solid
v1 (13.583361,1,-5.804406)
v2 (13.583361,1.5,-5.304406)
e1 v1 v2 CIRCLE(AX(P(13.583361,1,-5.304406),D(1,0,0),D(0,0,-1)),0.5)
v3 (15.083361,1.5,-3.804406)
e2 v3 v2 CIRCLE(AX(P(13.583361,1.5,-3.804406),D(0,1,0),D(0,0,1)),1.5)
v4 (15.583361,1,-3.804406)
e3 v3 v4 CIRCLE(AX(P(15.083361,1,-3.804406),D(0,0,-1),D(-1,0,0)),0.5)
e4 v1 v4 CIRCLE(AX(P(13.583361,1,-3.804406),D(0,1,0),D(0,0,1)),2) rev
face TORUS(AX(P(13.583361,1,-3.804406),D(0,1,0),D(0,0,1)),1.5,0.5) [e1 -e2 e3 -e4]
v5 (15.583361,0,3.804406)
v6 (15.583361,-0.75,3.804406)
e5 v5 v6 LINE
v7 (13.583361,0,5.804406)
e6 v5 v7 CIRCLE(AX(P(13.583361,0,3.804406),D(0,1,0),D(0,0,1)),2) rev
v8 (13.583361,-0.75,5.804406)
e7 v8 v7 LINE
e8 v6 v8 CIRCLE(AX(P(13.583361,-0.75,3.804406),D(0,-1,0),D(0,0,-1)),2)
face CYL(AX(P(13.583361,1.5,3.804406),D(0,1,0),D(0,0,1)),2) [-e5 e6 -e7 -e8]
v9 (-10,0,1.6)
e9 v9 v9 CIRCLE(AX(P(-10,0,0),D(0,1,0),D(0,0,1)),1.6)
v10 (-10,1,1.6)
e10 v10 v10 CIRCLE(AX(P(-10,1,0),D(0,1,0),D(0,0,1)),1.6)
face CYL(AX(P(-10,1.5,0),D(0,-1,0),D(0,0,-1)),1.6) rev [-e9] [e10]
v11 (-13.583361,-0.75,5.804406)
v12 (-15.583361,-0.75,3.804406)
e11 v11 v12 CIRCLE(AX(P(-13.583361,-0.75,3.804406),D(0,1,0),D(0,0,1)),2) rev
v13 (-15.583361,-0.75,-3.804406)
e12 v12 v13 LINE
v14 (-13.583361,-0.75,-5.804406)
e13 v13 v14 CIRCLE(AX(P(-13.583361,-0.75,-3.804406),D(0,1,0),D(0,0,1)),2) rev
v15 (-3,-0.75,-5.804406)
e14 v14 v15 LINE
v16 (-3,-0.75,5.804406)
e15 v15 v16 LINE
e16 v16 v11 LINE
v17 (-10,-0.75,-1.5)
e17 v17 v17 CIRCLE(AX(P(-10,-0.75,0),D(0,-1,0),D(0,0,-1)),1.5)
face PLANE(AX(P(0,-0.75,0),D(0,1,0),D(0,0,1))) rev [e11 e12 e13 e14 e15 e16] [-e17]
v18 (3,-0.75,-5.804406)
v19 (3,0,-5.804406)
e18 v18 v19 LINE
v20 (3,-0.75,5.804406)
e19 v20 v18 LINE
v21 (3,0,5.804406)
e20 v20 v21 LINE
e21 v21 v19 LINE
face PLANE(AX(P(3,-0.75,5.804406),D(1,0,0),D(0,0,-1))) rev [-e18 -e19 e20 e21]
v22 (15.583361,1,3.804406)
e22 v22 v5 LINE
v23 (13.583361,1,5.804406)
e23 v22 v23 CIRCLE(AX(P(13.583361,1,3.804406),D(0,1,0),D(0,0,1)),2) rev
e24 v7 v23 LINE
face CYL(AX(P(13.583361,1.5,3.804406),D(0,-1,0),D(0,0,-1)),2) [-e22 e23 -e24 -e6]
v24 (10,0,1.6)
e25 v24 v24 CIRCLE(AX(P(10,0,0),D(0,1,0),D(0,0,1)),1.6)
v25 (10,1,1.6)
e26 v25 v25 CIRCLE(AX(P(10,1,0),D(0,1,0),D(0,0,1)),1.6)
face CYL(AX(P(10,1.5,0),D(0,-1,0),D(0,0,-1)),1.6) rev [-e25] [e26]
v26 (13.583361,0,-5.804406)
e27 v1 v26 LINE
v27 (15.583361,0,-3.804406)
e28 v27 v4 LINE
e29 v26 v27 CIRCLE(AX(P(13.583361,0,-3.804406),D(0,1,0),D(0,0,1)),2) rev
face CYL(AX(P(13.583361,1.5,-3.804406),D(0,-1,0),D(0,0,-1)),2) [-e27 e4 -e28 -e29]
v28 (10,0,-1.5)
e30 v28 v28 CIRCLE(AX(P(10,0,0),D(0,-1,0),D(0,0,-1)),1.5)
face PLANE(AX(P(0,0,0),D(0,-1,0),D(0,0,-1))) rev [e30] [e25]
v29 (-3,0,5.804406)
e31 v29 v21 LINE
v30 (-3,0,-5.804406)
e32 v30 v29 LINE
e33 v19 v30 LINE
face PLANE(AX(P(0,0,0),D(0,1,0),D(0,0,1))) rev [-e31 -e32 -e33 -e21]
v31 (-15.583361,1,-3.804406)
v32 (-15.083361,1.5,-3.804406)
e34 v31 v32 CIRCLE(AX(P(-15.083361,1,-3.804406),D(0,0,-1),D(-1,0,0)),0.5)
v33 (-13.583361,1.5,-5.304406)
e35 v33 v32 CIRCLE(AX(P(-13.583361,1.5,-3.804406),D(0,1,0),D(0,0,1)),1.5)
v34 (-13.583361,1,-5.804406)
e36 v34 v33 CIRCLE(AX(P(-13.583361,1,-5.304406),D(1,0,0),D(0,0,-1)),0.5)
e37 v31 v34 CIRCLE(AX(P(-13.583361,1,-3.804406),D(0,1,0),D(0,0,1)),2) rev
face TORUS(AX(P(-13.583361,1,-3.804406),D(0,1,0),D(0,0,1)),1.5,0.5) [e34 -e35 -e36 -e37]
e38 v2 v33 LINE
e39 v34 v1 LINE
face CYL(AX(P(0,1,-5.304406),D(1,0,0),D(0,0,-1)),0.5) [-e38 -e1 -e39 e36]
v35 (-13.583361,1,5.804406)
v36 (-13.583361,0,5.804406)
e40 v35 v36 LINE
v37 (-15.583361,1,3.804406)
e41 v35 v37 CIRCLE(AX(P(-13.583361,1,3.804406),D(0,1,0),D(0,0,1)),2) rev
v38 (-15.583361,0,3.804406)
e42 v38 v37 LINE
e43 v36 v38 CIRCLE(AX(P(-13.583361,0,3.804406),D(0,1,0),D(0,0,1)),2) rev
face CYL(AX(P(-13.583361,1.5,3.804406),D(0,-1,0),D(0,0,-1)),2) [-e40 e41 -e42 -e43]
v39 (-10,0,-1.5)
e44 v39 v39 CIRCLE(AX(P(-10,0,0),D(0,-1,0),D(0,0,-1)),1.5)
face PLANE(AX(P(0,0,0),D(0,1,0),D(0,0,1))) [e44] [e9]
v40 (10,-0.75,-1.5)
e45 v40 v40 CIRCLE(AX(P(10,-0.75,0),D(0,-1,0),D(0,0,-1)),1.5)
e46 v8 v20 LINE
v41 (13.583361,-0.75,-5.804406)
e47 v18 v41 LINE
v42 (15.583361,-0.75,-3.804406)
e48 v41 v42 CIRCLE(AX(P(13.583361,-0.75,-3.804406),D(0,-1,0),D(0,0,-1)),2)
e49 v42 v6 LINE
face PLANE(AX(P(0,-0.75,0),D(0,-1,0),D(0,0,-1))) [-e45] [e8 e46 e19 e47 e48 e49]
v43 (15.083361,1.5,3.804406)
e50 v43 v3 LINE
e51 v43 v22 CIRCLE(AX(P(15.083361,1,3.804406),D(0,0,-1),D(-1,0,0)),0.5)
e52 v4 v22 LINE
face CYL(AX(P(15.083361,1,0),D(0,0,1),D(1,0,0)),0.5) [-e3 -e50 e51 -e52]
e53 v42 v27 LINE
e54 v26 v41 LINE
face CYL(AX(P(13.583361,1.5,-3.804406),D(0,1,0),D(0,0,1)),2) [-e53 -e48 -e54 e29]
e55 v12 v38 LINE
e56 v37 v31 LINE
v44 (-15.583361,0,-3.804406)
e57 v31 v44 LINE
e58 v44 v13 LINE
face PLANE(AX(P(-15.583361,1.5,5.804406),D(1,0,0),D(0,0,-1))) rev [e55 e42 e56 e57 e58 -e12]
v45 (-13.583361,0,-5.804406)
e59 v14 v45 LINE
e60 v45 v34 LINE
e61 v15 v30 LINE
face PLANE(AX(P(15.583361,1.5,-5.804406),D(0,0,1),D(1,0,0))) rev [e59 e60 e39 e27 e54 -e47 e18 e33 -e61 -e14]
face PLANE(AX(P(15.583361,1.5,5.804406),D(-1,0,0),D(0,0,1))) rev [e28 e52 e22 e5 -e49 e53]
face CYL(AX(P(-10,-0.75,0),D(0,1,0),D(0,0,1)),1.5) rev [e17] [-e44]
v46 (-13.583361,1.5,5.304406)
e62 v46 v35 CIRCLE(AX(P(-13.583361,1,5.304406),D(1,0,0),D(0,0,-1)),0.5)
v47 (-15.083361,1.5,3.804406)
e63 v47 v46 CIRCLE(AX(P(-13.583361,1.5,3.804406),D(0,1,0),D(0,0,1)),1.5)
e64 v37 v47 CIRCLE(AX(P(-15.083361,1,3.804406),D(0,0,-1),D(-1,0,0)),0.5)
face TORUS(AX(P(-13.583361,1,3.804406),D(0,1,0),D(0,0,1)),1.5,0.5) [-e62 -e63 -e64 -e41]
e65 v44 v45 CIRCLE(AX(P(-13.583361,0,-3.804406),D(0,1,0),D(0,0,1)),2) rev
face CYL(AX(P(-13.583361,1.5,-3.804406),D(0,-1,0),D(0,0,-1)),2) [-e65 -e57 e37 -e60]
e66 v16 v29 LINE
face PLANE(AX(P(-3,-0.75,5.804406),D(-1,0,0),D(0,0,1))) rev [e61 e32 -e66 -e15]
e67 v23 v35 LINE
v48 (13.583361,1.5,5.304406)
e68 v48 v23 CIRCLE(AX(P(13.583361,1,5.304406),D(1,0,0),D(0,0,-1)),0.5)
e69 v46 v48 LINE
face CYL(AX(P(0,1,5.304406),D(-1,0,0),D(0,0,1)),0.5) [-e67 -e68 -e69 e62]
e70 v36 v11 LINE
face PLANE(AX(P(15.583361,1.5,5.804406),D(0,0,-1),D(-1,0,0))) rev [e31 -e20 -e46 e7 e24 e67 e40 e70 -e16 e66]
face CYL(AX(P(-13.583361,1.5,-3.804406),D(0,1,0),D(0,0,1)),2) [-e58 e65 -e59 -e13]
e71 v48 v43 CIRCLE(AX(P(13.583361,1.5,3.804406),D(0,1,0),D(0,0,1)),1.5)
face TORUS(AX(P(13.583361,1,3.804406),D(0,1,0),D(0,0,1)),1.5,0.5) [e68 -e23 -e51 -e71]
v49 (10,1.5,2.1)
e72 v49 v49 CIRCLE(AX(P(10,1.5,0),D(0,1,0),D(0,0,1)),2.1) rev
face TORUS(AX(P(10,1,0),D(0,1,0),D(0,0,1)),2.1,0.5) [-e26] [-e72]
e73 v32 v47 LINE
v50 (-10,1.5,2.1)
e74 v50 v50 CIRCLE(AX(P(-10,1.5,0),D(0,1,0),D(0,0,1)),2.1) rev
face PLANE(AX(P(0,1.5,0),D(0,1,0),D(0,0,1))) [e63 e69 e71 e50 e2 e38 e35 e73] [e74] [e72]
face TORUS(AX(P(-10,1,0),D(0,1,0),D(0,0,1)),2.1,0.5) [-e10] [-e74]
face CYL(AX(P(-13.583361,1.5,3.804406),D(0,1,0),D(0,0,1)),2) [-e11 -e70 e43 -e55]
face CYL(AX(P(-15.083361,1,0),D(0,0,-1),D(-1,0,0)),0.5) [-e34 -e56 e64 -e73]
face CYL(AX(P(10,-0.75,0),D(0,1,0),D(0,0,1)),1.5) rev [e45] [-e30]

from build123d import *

# Parameters (mm, degrees)
SKETCH1_W           = 31.166722988
SKETCH1_H           = 11.608812618
SKETCH1_R           = 1.6
BOSS_EXTRUDE1_DEPTH = 1.5
FILLET1_R           = 2
SKETCH2_W           = 12.583361494
SKETCH2_H           = 11.608812618
SKETCH2_R           = 1.5
BOSS_EXTRUDE2_DEPTH = 0.75
FILLET2_R           = 2
FILLET3_R           = 0.5


with BuildPart() as part:
    # Sketch1 → Boss-Extrude1 (new body)
    with BuildSketch(Plane(origin=(0, 0, 0), x_dir=(1, 0, 0), z_dir=(0, 1, 0))):
        Rectangle(SKETCH1_W, SKETCH1_H)
        with Locations((-10, 0)):
            Circle(SKETCH1_R, mode=Mode.SUBTRACT)
        with Locations((10, 0)):
            Circle(SKETCH1_R, mode=Mode.SUBTRACT)
    extrude(amount=BOSS_EXTRUDE1_DEPTH)

    # Fillet1
    fillet1_edges = [part.edges().sort_by_distance(p)[0] for p in [
        (-15.583361494, 0.75, -5.804406309),
        (15.583361494, 0.75, -5.804406309),
        (15.583361494, 0.75, 5.804406309),
        (-15.583361494, 0.75, 5.804406309),
    ]]
    fillet(fillet1_edges, radius=FILLET1_R)

    # Sketch2 → Boss-Extrude2 (add)
    with BuildSketch(Plane(origin=(0, 0, 0), x_dir=(-1, 0, 0), z_dir=(0, -1, 0))):
        with Locations((9.291680747, 0)):
            Rectangle(SKETCH2_W, SKETCH2_H)
        with Locations((10, 0)):
            Circle(SKETCH2_R, mode=Mode.SUBTRACT)
        with Locations((-9.291680747, 0)):
            Rectangle(SKETCH2_W, SKETCH2_H)
        with Locations((-10, 0)):
            Circle(SKETCH2_R, mode=Mode.SUBTRACT)
    extrude(amount=BOSS_EXTRUDE2_DEPTH)

    # Fillet2
    fillet2_edges = [part.edges().sort_by_distance(p)[0] for p in [
        (-15.583361494, -0.375, 5.804406309),
        (-15.583361494, -0.375, -5.804406309),
        (15.583361494, -0.375, 5.804406309),
        (15.583361494, -0.375, -5.804406309),
    ]]
    fillet(fillet2_edges, radius=FILLET2_R)

    # Fillet3
    fillet3_edges = [part.edges().sort_by_distance(p)[0] for p in [
        (-11.6, 1.5, 0),
        (8.4, 1.5, 0),
        (-15.583361494, 1.5, 0),
        (0, 1.5, -5.804406309),
        (0, 1.5, 5.804406309),
        (15.583361494, 1.5, 0),
        (-14.997575056, 1.5, 5.218619872),
        (14.997575056, 1.5, 5.218619872),
        (14.997575056, 1.5, -5.218619872),
        (-14.997575056, 1.5, -5.218619872),
    ]]
    fillet(fillet3_edges, radius=FILLET3_R)


solid = part.part
